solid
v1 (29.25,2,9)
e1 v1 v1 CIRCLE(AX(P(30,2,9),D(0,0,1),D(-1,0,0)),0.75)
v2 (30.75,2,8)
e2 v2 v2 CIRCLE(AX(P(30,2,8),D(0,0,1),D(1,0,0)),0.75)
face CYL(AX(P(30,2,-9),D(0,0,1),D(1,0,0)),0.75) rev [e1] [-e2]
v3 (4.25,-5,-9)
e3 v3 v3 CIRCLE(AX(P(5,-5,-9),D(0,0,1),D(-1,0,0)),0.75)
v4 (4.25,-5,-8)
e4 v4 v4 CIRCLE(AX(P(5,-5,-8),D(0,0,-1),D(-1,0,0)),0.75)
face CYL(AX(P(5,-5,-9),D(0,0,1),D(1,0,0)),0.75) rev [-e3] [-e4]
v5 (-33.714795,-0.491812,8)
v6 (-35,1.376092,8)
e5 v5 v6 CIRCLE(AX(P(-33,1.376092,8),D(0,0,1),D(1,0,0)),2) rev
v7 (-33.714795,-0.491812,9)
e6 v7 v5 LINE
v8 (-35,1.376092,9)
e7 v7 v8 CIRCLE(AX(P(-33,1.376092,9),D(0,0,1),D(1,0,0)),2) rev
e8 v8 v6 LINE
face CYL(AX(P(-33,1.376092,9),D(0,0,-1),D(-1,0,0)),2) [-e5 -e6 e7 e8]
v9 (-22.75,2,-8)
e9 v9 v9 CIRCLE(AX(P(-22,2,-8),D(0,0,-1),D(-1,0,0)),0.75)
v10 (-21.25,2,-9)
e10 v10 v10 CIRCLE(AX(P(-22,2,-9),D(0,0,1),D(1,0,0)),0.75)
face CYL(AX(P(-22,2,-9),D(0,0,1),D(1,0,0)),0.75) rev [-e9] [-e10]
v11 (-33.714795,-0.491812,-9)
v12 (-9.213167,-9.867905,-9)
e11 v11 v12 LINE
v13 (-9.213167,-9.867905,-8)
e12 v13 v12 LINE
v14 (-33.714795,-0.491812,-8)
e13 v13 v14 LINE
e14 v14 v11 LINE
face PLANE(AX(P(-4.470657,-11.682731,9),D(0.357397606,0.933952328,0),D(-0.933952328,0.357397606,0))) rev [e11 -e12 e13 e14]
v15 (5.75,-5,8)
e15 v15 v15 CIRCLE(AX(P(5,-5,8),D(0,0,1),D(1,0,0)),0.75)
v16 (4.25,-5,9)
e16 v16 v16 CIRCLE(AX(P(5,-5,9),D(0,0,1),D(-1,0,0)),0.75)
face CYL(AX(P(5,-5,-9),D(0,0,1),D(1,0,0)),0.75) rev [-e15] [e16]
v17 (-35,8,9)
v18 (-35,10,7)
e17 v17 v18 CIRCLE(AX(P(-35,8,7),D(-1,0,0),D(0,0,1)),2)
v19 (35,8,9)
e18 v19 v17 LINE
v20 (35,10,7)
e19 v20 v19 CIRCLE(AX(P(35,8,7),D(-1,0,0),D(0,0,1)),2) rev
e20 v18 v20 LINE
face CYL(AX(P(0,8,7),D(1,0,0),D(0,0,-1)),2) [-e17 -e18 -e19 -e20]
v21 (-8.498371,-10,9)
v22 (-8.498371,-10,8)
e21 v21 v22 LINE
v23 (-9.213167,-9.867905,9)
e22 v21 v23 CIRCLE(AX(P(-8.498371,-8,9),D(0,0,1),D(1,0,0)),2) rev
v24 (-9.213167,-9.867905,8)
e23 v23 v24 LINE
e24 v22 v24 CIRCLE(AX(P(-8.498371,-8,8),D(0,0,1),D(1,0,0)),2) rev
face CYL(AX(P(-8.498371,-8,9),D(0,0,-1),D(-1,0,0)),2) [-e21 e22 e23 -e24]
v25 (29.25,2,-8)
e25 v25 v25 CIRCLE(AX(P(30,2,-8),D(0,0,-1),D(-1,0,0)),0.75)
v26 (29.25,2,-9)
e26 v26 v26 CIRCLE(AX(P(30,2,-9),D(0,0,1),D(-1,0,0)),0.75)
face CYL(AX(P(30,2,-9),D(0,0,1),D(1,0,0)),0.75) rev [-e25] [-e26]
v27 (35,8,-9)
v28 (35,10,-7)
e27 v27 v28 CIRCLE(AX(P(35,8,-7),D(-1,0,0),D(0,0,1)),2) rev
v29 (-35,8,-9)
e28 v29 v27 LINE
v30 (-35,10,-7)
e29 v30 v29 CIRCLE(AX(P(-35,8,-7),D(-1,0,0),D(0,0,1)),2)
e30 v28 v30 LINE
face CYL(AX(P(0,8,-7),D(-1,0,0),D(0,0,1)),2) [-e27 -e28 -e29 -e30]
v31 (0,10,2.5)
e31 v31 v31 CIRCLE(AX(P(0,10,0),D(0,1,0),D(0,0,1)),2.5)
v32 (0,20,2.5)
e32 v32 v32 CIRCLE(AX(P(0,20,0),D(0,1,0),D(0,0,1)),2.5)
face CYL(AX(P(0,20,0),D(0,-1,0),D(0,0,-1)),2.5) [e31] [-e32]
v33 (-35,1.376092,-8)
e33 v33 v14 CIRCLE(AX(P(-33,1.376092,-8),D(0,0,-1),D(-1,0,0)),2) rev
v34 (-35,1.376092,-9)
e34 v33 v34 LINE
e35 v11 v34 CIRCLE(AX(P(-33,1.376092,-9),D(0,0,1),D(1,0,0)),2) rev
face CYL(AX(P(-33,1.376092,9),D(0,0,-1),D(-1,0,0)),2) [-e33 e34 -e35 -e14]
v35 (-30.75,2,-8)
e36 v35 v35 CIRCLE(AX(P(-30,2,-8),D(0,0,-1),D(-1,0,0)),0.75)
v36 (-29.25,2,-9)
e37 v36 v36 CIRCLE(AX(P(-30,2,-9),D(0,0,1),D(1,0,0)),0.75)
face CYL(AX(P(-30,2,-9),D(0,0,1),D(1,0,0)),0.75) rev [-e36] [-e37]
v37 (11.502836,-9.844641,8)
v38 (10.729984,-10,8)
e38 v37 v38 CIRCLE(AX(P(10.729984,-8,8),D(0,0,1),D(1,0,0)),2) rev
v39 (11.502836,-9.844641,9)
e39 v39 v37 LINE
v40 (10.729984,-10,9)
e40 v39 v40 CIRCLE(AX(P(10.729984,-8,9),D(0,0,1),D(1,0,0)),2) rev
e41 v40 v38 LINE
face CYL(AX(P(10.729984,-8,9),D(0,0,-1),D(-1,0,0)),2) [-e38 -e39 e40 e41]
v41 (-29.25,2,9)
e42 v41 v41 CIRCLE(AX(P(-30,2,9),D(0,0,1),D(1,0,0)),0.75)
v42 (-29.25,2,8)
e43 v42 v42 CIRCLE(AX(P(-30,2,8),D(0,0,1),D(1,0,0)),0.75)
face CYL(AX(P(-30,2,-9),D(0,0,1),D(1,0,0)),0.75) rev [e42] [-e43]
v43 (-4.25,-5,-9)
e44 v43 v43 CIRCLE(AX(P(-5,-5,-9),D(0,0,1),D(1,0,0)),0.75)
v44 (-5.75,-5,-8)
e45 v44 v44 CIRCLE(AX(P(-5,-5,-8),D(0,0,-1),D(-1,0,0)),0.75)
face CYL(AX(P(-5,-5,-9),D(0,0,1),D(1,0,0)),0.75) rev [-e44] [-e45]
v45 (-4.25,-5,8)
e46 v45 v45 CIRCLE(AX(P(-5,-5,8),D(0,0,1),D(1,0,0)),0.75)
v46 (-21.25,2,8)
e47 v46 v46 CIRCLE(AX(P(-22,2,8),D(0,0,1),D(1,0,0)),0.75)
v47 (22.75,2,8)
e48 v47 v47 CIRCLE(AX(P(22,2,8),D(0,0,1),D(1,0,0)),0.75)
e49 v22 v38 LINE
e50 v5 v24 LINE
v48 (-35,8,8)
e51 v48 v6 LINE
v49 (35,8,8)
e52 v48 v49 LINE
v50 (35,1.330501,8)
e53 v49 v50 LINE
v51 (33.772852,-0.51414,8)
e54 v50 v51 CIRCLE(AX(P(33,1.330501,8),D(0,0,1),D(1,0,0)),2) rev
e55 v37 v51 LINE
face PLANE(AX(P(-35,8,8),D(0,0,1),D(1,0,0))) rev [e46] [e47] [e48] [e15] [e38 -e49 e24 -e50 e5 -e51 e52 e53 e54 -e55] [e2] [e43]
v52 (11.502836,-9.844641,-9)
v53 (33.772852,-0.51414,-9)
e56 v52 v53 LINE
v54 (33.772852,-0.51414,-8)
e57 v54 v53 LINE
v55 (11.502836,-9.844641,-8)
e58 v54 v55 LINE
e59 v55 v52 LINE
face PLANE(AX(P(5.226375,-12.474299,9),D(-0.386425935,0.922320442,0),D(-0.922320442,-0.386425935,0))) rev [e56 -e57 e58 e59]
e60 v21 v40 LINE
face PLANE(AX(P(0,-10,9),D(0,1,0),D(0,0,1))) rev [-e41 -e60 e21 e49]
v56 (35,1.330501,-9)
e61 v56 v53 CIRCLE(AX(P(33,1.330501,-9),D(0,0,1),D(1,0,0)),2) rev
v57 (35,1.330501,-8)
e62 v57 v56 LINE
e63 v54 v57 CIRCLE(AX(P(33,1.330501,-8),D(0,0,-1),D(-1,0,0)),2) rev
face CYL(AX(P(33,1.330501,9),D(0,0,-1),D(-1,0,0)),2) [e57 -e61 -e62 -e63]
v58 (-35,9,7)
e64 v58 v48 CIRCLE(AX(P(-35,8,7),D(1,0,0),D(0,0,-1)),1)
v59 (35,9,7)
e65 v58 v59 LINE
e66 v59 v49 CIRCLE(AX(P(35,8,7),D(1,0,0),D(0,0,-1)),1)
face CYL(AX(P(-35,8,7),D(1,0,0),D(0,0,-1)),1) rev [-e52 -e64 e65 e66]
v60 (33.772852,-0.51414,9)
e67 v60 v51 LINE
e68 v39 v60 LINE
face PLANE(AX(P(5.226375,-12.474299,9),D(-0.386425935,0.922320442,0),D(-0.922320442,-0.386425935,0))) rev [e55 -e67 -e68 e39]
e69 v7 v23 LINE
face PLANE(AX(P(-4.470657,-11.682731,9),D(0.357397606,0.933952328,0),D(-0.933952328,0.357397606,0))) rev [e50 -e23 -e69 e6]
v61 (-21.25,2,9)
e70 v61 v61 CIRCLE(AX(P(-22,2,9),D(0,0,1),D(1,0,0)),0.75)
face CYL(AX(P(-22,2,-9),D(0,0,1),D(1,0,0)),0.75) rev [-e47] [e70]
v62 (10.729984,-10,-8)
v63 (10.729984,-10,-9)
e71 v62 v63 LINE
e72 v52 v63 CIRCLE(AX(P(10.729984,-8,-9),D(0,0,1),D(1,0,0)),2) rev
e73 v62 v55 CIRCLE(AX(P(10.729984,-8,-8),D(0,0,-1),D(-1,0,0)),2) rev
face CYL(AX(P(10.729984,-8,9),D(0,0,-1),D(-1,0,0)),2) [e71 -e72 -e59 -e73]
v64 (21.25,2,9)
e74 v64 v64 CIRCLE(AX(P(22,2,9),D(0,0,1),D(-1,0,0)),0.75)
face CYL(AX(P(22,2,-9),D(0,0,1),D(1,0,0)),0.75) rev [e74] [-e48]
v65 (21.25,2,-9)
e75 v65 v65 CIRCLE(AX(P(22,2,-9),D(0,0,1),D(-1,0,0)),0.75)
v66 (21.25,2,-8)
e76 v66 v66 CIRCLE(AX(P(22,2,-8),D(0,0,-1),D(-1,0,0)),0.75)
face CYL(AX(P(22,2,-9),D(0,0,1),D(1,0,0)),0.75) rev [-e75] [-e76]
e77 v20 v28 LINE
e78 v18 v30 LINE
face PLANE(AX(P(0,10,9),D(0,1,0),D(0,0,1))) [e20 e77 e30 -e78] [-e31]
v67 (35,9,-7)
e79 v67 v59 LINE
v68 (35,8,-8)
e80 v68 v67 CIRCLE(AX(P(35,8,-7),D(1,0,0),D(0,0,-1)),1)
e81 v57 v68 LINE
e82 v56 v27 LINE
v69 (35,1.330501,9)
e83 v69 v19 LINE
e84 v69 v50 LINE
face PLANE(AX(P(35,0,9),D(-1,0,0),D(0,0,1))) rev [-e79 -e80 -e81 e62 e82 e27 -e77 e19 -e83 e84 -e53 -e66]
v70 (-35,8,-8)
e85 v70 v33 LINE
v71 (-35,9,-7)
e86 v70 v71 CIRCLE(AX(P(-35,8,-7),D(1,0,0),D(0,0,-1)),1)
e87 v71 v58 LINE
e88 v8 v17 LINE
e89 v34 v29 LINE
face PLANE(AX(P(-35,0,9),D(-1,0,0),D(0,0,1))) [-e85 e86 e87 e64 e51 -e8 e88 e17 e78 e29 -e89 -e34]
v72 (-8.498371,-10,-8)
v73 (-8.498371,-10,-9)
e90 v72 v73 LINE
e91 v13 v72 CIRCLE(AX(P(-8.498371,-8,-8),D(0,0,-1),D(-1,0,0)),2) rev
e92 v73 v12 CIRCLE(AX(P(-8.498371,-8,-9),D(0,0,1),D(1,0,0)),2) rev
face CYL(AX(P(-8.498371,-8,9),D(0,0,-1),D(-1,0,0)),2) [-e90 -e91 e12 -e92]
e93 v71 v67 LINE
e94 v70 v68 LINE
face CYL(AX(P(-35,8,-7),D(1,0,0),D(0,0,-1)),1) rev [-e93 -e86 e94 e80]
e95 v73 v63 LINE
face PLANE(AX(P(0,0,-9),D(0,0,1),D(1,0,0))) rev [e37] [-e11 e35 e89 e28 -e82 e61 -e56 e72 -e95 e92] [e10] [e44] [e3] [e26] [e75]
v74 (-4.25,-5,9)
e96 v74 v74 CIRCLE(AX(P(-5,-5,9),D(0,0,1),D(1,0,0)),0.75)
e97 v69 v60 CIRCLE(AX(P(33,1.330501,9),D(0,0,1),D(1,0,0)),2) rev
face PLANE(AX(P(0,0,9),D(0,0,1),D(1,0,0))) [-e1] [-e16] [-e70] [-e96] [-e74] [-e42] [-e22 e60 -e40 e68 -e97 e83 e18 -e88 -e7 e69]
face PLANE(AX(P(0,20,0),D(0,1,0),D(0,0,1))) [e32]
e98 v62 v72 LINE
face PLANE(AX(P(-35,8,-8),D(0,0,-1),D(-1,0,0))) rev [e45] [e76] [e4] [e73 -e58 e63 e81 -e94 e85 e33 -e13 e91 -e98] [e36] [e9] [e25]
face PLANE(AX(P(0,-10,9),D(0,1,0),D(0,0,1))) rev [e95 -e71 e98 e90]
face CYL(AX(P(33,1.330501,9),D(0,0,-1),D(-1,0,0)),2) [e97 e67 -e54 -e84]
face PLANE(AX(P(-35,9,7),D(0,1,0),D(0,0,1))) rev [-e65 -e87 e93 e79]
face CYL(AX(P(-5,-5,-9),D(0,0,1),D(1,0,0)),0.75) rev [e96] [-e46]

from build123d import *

# Parameters (mm, degrees)
BOSS_EXTRUDE1_DEPTH     = 9
FILLET1_R               = 2
CUT_EXTRUDE1_DEPTH      = 38.496666519
CUT_EXTRUDE1_DEPTH_BACK = 38.496666519
SKETCH3_R               = 2.5
BOSS_EXTRUDE2_DEPTH     = 10
CUT_EXTRUDE2_DEPTH      = 42.303752856
CUT_EXTRUDE2_DEPTH_BACK = 42.303752856
SKETCH4_R               = 0.75


with BuildPart() as part:
    # Sketch1 → Boss-Extrude1 (new, symmetric)
    with BuildSketch(Plane.XY):
        with BuildLine():
            ThreePointArc((-33.714795211, -0.491812162), (-34.647663561, 0.242423764), (-35, 1.376092494))
            Line((-35, 1.376092494), (-35, 10))
            Line((-35, 10), (35, 10))
            Line((35, 10), (35, 1.330500849))
            ThreePointArc((35, 1.330500849), (34.665188238, 0.222733667), (33.772851869, -0.514140034))
            Line((33.772851869, -0.514140034), (11.50283608, -9.844640883))
            ThreePointArc((11.50283608, -9.844640883), (11.12414042, -9.960775582), (10.729984211, -10))
            Line((10.729984211, -10), (-8.498371341, -10))
            ThreePointArc((-8.498371341, -10), (-8.861820571, -9.966698924), (-9.213166552, -9.867904657))
            Line((-9.213166552, -9.867904657), (-33.714795211, -0.491812162))
        make_face()
    extrude(amount=BOSS_EXTRUDE1_DEPTH, both=True)

    # Fillet1
    fillet1_edges = [part.edges().sort_by_distance(p)[0] for p in [
        (0, 10, -9),
        (0, 10, 9),
    ]]
    fillet(fillet1_edges, radius=FILLET1_R)

    # Sketch2 → Cut-Extrude1 (cut, two sides: drawn at the far end of the back side and taken through both)
    with BuildSketch(Plane(origin=(0, 0, 0), x_dir=(0, 0, -1), z_dir=(1, 0, 0)).offset(-CUT_EXTRUDE1_DEPTH_BACK)):
        with BuildLine():
            Line((-8, 8), (-8, -14.234256749))
            Line((-8, -14.234256749), (8, -14.234256749))
            Line((8, -14.234256749), (8, 1.330500849))
            Line((8, 1.330500849), (8, 8))
            ThreePointArc((8, 8), (7.707106781, 8.707106781), (7, 9))
            Line((7, 9), (-7, 9))
            ThreePointArc((-7, 9), (-7.707106781, 8.707106781), (-8, 8))
        make_face()
    extrude(amount=CUT_EXTRUDE1_DEPTH + CUT_EXTRUDE1_DEPTH_BACK, mode=Mode.SUBTRACT)

    # Sketch3 → Boss-Extrude2 (add)
    with BuildSketch(Plane(origin=(0, 10, 0), x_dir=(1, 0, 0), z_dir=(0, 1, 0))):
        with Locations(Location((0, 0, 0), (0, 0, 270))):
            Circle(SKETCH3_R)
    extrude(amount=BOSS_EXTRUDE2_DEPTH)

    # Sketch4 → Cut-Extrude2 (cut, two sides: drawn at the far end of the back side and taken through both)
    with BuildSketch(Plane.XY.offset(-CUT_EXTRUDE2_DEPTH_BACK)):
        with Locations((-30, 2)):
            Circle(SKETCH4_R)
        with Locations((-22, 2)):
            Circle(SKETCH4_R)
        with Locations((-5, -5)):
            Circle(SKETCH4_R)
        with Locations(Location((5, -5, 0), (0, 0, 180))):
            Circle(SKETCH4_R)
        with Locations(Location((22, 2, 0), (0, 0, 180))):
            Circle(SKETCH4_R)
        with Locations(Location((30, 2, 0), (0, 0, 180))):
            Circle(SKETCH4_R)
    extrude(amount=CUT_EXTRUDE2_DEPTH + CUT_EXTRUDE2_DEPTH_BACK, mode=Mode.SUBTRACT)


solid = part.part
